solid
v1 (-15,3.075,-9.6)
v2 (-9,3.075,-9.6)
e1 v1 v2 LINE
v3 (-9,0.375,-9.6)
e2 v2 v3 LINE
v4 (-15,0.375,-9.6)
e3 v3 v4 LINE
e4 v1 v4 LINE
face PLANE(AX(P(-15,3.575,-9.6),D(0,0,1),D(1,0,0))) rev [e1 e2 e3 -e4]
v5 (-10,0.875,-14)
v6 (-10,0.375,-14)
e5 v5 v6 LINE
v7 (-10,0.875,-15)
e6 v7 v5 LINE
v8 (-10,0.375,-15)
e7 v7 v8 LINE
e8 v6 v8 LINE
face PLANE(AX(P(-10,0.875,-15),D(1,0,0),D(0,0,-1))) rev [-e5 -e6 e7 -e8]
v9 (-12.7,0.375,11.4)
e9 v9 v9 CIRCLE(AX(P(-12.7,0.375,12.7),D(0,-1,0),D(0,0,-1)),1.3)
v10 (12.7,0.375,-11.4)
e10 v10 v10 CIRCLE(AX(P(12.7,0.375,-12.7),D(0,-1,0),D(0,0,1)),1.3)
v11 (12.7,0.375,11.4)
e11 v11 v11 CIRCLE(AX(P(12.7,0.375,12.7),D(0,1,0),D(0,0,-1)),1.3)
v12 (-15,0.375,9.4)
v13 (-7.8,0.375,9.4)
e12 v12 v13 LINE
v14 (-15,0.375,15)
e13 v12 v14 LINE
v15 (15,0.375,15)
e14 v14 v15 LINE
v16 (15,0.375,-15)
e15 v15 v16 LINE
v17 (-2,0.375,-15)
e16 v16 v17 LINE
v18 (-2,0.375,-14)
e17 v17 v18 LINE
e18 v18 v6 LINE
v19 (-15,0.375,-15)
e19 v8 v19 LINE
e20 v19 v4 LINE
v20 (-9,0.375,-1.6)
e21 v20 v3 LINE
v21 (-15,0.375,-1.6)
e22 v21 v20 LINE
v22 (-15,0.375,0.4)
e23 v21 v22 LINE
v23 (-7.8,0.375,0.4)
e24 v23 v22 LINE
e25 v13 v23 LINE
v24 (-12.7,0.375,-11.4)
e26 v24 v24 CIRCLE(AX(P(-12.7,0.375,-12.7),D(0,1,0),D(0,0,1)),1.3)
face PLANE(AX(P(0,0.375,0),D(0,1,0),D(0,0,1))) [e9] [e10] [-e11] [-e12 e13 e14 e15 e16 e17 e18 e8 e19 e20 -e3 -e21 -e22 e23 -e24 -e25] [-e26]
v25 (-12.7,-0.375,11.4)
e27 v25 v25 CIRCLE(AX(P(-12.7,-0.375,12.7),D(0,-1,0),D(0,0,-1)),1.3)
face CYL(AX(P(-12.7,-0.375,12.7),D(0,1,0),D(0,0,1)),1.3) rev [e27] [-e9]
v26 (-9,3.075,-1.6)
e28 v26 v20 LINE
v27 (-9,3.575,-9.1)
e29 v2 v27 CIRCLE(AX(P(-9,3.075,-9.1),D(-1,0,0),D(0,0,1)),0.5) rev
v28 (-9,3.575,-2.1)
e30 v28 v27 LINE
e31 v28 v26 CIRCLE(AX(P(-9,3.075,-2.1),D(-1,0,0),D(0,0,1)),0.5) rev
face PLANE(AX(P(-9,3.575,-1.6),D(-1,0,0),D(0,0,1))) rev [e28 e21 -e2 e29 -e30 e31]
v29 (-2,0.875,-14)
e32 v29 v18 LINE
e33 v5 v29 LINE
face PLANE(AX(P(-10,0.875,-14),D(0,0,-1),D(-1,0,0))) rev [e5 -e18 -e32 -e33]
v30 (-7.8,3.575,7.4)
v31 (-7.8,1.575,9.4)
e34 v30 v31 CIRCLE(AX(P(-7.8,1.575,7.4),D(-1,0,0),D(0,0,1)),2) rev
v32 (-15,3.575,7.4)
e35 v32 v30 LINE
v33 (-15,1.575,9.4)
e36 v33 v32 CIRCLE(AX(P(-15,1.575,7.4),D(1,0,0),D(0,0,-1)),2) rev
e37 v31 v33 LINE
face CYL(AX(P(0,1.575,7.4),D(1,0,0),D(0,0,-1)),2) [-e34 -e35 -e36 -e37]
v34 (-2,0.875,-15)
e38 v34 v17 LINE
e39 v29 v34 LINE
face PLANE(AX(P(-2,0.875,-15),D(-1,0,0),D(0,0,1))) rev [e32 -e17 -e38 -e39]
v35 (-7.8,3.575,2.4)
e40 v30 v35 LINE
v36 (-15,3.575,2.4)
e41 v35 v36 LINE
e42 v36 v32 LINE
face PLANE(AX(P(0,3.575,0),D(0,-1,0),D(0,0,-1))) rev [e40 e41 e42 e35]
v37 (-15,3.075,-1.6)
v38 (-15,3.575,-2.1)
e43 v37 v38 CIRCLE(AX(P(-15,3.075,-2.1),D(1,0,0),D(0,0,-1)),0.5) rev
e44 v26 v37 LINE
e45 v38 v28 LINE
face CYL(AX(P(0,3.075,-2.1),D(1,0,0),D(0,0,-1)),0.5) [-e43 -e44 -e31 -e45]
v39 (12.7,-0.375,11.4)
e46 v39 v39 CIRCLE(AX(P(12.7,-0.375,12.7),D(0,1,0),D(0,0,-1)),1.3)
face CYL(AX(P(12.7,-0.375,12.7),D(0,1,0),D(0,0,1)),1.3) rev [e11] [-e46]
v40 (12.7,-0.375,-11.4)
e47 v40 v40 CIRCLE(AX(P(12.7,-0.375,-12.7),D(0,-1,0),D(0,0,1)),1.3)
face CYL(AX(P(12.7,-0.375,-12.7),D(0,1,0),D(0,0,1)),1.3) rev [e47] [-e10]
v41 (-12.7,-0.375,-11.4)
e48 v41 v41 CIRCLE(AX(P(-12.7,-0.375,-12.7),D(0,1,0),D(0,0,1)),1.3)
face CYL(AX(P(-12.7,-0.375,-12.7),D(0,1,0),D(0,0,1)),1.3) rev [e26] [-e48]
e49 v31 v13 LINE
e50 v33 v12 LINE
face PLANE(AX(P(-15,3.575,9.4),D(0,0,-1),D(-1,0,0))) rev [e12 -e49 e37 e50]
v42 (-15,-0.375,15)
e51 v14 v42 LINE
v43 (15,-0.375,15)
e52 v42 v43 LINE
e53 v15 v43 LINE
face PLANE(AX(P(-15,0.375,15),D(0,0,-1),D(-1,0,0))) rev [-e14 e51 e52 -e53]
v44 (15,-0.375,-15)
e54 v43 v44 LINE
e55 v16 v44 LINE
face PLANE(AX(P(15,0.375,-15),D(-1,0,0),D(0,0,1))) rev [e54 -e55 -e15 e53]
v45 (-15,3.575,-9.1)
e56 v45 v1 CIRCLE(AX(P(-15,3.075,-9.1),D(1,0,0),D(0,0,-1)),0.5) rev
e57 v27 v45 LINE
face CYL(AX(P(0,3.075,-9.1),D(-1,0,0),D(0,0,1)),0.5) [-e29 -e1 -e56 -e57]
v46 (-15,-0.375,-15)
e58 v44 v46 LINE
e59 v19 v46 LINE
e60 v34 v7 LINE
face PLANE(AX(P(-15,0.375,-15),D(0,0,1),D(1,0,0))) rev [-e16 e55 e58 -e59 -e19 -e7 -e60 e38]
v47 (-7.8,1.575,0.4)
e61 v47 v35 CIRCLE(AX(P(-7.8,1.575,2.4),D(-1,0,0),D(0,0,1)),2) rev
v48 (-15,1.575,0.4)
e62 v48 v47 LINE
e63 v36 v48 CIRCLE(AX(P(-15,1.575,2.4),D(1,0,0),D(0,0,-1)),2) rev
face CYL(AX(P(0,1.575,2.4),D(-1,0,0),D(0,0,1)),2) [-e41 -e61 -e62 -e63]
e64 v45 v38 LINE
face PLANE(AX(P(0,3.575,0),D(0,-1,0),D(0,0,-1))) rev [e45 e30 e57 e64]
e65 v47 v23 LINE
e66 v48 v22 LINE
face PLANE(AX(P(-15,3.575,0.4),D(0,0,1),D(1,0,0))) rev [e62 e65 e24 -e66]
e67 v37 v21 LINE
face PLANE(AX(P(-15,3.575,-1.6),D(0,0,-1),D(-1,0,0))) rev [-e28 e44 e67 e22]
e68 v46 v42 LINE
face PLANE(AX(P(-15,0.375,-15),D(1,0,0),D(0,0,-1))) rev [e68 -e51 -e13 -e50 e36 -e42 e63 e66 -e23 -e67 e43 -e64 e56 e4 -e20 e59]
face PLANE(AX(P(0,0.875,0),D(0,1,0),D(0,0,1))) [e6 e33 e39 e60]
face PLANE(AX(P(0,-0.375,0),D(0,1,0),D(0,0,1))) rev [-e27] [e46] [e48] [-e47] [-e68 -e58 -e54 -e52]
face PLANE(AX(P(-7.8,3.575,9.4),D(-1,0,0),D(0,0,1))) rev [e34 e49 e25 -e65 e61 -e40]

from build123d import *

# Parameters (mm, degrees)
SKETCH1_W               = 30
SKETCH1_H               = 30
BOSS_EXTRUDE1_DEPTH     = 0.375
SKETCH2_R               = 1.3
CUT_EXTRUDE1_DEPTH      = 1.75
MIRROR2_COPY_1_SKETCH_R = 1.3
MIRROR2_COPY_1_DEPTH    = 1.75
SKETCH3_W               = 7.2
SKETCH3_H               = 9
SKETCH3_W_2             = 6
SKETCH3_H_2             = 8
BOSS_EXTRUDE2_DEPTH     = 3.2
FILLET1_R               = 2
FILLET2_R               = 0.5
SKETCH4_W               = 8
SKETCH4_H               = 1
BOSS_EXTRUDE3_DEPTH     = 0.5


with BuildPart() as part:
    # Sketch1 → Boss-Extrude1 (new body, symmetric)
    with BuildSketch(Plane(origin=(0, 0, 0), x_dir=(1, 0, 0), z_dir=(0, 1, 0))):
        Rectangle(SKETCH1_W, SKETCH1_H)
    extrude(amount=BOSS_EXTRUDE1_DEPTH, both=True)

    # Sketch2 → Cut-Extrude1 (cut, through all)
    with BuildSketch(Plane(origin=(0, 0.375, 0), x_dir=(1, 0, 0), z_dir=(0, 1, 0))):
        with Locations((-12.7, 12.7)):
            Circle(SKETCH2_R)
    cut_extrude1 = extrude(amount=-CUT_EXTRUDE1_DEPTH, mode=Mode.SUBTRACT)

    # Mirror1: Cut-Extrude1 across plane
    add(cut_extrude1.mirror(Plane(origin=(0, 0, 0), x_dir=(0, 0, 1), z_dir=(1, 0, 0))), mode=Mode.SUBTRACT)

    # Mirror2: Cut-Extrude1 across plane
    add(cut_extrude1.mirror(Plane.XY), mode=Mode.SUBTRACT)

    # Mirror2 copy 1 sketch → Mirror2 copy 1 (cut, through all)
    with BuildSketch(Plane(origin=(0, 0.375, 0), x_dir=(-1, 0, 0), z_dir=(0, 1, 0))):
        with Locations((-12.7, 12.7)):
            Circle(MIRROR2_COPY_1_SKETCH_R)
    extrude(amount=-MIRROR2_COPY_1_DEPTH, mode=Mode.SUBTRACT)

    # Sketch3 → Boss-Extrude2 (add)
    with BuildSketch(Plane(origin=(0, 0.375, 0), x_dir=(1, 0, 0), z_dir=(0, 1, 0))):
        with Locations((-11.4, -4.9)):
            Rectangle(SKETCH3_W, SKETCH3_H)
        with Locations((-12, 5.6)):
            Rectangle(SKETCH3_W_2, SKETCH3_H_2)
    extrude(amount=BOSS_EXTRUDE2_DEPTH)

    # Fillet1
    fillet1_edges = [part.edges().sort_by_distance(p)[0] for p in [
        (-11.4, 3.575, 9.4),
        (-11.4, 3.575, 0.4),
    ]]
    fillet(fillet1_edges, radius=FILLET1_R)

    # Fillet2
    fillet2_edges = [part.edges().sort_by_distance(p)[0] for p in [
        (-12, 3.575, -1.6),
        (-12, 3.575, -9.6),
    ]]
    fillet(fillet2_edges, radius=FILLET2_R)

    # Sketch4 → Boss-Extrude3 (add, symmetric)
    with BuildSketch(Plane(origin=(0, 0.375, 0), x_dir=(1, 0, 0), z_dir=(0, 1, 0))):
        with Locations((-6, 14.5)):
            Rectangle(SKETCH4_W, SKETCH4_H)
    extrude(amount=BOSS_EXTRUDE3_DEPTH, both=True)


solid = part.part
